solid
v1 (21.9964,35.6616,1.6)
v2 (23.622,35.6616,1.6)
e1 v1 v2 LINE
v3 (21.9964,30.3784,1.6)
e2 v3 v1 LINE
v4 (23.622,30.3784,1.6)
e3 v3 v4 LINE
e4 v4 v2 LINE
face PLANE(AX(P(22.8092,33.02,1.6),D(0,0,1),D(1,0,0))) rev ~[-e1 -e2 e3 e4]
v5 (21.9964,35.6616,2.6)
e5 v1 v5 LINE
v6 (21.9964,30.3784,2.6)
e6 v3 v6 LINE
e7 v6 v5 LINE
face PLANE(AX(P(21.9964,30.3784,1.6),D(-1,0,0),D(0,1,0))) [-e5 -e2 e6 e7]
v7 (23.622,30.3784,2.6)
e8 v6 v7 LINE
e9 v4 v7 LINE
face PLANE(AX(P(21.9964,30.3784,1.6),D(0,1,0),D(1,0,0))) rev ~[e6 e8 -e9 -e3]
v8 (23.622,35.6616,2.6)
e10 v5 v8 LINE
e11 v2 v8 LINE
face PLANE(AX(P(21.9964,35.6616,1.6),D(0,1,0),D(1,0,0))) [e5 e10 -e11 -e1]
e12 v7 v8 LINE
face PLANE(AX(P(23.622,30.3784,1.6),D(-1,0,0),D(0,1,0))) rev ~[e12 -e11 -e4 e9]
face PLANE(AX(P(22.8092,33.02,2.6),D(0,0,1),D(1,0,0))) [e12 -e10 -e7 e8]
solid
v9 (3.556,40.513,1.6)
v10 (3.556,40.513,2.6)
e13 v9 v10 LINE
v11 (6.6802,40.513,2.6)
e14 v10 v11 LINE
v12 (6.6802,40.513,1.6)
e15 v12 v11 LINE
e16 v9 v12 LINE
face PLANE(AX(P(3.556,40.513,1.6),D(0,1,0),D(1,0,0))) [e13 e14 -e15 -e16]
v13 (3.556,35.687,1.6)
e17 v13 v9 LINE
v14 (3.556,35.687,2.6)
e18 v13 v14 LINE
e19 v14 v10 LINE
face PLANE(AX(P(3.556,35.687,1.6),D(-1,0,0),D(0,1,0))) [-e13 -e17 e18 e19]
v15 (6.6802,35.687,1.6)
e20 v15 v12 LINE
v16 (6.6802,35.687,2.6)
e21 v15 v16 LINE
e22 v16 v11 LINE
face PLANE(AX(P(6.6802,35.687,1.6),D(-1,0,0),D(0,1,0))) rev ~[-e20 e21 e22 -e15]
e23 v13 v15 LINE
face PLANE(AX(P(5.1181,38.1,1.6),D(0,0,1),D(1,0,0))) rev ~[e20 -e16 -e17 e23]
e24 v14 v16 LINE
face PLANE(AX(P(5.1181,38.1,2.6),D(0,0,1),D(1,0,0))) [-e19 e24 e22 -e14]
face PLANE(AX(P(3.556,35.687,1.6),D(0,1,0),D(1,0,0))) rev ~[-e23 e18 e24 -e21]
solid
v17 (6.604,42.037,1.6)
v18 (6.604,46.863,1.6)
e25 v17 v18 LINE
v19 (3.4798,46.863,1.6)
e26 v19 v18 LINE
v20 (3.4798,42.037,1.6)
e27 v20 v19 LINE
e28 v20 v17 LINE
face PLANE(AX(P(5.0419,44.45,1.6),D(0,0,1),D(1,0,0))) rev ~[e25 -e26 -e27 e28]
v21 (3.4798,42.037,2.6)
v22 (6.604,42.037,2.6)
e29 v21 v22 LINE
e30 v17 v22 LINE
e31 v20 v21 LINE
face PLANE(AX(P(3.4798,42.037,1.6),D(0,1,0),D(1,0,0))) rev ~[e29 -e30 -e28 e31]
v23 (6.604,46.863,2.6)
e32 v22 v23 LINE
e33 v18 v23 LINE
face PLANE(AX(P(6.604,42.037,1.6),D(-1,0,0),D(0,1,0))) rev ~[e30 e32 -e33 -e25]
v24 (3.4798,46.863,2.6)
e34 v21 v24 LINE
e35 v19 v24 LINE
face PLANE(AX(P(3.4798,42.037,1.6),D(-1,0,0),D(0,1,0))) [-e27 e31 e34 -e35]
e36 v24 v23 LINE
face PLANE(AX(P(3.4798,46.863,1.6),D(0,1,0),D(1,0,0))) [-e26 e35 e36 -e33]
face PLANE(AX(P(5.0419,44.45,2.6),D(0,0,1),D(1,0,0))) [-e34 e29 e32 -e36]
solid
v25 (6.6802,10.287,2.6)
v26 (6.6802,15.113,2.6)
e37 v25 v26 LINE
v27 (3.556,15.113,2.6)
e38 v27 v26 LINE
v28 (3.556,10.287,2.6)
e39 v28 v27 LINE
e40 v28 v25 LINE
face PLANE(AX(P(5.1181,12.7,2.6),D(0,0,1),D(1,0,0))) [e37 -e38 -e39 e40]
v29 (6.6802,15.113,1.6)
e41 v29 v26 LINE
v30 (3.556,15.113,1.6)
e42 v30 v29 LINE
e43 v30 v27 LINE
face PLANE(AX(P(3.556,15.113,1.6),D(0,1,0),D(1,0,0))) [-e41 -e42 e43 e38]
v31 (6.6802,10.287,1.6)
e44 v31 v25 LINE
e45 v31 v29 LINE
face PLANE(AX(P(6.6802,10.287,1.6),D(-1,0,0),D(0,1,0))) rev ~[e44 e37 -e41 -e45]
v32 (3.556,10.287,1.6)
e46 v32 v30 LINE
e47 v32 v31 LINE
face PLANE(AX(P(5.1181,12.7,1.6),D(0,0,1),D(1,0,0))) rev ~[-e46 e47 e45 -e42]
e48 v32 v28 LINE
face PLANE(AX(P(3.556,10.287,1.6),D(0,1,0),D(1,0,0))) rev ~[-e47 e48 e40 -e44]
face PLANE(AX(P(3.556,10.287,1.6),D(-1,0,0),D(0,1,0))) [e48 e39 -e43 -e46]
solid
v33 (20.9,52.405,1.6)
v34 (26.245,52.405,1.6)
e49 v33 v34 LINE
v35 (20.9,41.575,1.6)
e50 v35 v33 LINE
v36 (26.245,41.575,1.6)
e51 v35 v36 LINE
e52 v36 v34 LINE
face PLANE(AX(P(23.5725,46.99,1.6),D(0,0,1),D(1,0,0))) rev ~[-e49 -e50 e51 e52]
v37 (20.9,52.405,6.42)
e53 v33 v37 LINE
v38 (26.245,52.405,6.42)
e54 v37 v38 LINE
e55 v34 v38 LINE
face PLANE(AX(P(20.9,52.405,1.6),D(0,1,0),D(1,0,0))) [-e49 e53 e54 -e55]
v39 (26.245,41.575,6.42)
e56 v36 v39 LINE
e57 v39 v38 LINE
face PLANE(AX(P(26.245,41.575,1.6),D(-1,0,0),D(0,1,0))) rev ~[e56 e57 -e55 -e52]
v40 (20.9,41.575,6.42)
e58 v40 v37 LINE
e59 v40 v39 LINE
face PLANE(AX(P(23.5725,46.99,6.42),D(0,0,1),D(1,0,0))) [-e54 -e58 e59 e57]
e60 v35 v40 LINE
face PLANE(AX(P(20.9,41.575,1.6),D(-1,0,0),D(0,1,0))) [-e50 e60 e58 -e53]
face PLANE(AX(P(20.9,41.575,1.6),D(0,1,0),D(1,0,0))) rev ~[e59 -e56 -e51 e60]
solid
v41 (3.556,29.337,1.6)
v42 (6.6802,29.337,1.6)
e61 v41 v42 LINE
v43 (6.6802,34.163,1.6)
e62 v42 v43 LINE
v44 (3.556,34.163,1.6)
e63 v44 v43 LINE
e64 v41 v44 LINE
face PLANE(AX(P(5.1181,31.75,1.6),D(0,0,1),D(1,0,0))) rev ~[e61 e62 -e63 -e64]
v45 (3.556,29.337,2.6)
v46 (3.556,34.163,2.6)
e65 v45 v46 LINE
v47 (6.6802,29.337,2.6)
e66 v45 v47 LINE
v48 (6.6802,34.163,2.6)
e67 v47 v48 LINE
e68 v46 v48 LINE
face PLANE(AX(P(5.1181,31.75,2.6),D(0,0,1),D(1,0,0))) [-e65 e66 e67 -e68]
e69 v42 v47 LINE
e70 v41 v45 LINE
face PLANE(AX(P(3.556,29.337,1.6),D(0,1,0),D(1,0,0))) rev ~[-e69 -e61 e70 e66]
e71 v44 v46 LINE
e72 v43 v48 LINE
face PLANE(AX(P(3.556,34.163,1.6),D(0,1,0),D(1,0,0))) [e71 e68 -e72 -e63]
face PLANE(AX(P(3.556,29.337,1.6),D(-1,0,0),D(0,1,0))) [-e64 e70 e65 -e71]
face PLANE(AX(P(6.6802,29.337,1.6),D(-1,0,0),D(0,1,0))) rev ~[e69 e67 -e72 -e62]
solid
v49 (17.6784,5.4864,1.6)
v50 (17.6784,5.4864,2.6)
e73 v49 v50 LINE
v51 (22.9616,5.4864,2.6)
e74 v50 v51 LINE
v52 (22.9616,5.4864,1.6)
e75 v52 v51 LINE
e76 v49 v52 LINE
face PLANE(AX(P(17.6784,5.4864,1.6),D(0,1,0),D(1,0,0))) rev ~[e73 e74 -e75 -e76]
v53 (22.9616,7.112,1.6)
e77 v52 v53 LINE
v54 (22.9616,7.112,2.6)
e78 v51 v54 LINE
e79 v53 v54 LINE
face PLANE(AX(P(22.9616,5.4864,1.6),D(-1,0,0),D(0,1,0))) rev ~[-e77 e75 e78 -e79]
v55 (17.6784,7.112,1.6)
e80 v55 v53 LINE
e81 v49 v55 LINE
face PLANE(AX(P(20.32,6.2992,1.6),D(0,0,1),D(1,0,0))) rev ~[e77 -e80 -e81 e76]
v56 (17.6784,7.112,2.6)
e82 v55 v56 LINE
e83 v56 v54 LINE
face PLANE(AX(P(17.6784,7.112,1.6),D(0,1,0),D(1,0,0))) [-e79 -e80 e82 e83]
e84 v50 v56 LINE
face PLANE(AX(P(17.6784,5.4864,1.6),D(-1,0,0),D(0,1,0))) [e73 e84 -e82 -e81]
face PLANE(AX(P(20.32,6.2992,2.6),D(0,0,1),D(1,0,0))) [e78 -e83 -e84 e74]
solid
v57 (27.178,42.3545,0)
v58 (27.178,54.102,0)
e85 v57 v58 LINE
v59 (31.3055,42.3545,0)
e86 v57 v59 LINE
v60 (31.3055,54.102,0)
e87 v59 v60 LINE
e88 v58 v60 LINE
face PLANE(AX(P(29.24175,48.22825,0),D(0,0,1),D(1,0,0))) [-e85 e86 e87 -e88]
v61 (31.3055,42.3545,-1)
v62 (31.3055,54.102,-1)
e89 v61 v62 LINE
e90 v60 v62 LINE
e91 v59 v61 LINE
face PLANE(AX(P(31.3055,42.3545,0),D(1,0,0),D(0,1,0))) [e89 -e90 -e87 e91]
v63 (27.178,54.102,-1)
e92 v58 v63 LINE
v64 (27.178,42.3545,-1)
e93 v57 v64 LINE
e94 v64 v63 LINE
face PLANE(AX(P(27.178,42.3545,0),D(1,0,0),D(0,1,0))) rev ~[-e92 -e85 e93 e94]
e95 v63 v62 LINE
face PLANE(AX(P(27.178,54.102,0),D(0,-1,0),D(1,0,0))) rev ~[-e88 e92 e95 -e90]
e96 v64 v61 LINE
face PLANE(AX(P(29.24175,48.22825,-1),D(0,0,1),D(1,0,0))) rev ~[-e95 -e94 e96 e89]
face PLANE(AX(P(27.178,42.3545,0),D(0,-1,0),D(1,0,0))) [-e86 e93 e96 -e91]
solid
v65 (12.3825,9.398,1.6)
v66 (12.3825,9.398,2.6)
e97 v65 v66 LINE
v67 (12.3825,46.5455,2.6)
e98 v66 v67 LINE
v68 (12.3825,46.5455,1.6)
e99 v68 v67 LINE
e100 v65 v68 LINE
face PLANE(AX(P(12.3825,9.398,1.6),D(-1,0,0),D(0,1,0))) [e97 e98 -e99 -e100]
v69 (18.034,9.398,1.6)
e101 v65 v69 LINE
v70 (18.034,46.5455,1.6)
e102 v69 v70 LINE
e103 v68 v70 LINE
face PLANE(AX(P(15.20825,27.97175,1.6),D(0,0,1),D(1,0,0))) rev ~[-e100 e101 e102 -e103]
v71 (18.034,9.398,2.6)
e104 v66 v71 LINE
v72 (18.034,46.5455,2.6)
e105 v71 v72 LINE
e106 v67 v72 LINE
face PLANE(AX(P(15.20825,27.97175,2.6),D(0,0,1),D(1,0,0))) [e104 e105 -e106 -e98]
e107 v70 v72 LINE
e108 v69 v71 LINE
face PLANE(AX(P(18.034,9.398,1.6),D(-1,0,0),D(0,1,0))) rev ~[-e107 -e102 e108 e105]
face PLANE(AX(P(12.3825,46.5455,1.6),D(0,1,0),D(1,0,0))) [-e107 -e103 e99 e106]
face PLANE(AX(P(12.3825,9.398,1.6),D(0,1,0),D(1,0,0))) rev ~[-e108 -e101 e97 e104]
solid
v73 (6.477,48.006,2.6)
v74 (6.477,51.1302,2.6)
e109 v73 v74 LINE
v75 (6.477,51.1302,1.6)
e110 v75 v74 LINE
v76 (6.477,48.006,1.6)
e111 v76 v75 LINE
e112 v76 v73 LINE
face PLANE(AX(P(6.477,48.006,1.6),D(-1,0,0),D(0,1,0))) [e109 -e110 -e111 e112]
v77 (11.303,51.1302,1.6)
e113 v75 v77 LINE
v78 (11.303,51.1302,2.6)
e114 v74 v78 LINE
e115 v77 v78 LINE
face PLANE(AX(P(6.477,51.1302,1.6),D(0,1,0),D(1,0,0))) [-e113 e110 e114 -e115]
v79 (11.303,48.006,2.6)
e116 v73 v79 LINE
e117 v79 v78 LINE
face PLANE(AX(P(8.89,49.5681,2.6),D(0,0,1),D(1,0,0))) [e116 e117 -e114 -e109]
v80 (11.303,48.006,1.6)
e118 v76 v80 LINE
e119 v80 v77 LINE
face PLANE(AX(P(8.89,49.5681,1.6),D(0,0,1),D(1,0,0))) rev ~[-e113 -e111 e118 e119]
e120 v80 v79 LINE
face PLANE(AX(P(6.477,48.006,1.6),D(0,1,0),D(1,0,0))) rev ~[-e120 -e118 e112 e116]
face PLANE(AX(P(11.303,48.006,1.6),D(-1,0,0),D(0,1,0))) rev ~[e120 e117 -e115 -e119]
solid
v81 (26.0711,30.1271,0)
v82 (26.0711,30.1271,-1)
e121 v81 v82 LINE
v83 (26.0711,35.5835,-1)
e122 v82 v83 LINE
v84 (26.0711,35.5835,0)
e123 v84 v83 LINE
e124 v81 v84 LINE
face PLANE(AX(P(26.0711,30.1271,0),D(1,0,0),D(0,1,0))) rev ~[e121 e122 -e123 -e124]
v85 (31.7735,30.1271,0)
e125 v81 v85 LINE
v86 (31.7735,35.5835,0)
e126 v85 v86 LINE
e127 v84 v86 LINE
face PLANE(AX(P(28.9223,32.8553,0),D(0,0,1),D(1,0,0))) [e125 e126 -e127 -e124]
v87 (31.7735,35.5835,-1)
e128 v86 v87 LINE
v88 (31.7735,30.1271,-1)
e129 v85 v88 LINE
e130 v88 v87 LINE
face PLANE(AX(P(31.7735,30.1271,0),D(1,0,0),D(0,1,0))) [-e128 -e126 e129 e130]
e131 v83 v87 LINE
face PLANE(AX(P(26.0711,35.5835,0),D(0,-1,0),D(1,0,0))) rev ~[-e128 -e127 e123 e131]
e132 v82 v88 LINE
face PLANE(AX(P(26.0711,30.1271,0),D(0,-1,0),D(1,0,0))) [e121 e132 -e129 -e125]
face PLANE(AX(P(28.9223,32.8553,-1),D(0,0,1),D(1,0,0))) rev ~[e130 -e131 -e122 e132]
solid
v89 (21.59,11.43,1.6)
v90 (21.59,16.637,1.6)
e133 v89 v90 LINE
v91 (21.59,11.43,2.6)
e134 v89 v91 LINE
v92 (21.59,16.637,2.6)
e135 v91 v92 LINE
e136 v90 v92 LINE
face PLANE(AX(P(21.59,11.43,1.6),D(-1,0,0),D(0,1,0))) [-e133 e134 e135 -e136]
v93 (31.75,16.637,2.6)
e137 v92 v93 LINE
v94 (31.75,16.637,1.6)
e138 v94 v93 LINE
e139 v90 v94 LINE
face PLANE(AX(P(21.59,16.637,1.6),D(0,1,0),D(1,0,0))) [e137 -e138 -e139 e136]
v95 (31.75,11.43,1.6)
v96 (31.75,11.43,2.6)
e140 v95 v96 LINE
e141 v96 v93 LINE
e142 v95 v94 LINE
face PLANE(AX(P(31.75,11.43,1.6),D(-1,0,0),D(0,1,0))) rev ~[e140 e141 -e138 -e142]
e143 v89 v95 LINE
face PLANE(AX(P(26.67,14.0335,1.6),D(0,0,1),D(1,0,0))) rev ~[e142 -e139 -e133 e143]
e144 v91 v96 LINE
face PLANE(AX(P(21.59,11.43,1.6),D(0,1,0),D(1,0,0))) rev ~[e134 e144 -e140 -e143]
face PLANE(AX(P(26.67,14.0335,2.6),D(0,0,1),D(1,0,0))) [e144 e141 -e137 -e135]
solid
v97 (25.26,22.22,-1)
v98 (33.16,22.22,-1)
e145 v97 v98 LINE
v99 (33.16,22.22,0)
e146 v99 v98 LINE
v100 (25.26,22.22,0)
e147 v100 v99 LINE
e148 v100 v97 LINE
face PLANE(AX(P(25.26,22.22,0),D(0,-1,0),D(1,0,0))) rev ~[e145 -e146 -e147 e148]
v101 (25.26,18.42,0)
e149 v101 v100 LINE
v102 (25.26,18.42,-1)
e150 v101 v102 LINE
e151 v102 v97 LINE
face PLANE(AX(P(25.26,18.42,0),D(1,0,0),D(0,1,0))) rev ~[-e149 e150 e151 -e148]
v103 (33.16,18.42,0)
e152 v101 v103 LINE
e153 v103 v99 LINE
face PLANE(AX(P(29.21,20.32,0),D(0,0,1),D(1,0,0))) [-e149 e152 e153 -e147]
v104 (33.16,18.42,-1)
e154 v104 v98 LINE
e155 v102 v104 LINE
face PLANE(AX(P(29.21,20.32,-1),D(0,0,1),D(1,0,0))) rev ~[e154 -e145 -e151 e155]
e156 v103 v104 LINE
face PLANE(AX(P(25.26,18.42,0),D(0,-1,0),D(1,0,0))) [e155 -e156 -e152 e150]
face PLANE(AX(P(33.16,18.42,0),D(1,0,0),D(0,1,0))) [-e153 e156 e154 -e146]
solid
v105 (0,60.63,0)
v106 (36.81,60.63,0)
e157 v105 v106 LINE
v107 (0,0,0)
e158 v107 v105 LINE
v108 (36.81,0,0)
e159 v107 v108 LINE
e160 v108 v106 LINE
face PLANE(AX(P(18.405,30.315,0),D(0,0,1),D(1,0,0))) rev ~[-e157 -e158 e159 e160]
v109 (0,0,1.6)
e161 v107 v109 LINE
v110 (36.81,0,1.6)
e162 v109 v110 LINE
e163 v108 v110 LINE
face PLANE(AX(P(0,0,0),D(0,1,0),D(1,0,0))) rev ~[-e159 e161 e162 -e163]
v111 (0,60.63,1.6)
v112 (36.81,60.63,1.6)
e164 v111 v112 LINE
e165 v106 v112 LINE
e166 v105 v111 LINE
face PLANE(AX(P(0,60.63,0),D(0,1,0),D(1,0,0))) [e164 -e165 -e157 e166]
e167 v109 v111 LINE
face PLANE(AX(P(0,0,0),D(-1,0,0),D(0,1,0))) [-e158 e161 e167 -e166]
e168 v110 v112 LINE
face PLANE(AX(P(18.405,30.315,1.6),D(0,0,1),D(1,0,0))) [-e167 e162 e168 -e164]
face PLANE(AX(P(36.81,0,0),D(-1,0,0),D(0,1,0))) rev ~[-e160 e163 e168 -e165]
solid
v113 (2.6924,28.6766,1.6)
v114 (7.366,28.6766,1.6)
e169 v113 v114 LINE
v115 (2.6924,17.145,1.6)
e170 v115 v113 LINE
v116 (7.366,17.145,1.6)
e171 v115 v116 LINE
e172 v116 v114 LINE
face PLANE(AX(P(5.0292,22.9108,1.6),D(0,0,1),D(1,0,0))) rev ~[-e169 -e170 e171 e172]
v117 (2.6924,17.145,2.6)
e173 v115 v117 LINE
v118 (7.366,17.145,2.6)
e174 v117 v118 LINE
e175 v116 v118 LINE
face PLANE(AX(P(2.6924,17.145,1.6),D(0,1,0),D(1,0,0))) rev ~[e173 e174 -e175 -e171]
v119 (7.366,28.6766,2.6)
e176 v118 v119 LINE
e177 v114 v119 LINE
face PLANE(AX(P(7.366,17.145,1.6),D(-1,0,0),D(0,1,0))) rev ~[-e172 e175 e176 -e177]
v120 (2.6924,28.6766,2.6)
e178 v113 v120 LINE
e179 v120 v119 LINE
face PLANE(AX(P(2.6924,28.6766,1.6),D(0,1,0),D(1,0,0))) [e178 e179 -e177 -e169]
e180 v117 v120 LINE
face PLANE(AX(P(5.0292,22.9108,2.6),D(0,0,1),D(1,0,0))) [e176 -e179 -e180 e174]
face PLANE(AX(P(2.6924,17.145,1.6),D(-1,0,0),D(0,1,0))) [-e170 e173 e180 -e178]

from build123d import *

# Parameters (mm, degrees)
SKETCH1_W                              = 36.81
SKETCH1_H                              = 60.63
BOARD_DEPTH                            = 1.6
SKETCH2_W                              = 7.9
SKETCH2_H                              = 3.8
TACT_PANA_EVQ_1_DEPTH                  = 1
SKETCH3_W                              = 4.826
SKETCH3_H                              = 3.1242
C025_030X050_1_DEPTH                   = 1
SKETCH4_W                              = 3.1242
SKETCH4_H                              = 4.826
C025_030X050_2_DEPTH                   = 1
SKETCH5_W                              = 3.1242
SKETCH5_H                              = 4.826
C025_030X050_3_DEPTH                   = 1
SKETCH6_W                              = 3.1242
SKETCH6_H                              = 4.826
C025_030X050_4_DEPTH                   = 1
SKETCH7_W                              = 3.1242
SKETCH7_H                              = 4.826
C025_030X050_5_DEPTH                   = 1
SKETCH8_W                              = 10.16
SKETCH8_H                              = 5.207
AB9V_1_DEPTH                           = 1
SKETCH9_W                              = 5.6515
SKETCH9_H                              = 37.1475
DIL28_1_DEPTH                          = 1
SKETCH10_W                             = 5.7024
SKETCH10_H                             = 5.4564
RGBLED5050_1_DEPTH                     = 1
SKETCH11_W                             = 5.345
SKETCH11_H                             = 10.83
TO254P482X997X1968_3P_4_820000_1_DEPTH = 4.82
SKETCH12_W                             = 1.6256
SKETCH12_H                             = 5.2832
AXIAL_0_3_1_DEPTH                      = 1
SKETCH13_W                             = 5.2832
SKETCH13_H                             = 1.6256
AXIAL_0_3_2_DEPTH                      = 1
SKETCH14_W                             = 4.1275
SKETCH14_H                             = 11.7475
EG1218_1_DEPTH                         = 1
SKETCH15_W                             = 4.6736
SKETCH15_H                             = 11.5316
HC49US_1_DEPTH                         = 1


with BuildPart() as part:
    # Sketch1 → BOARD (new body)
    with BuildSketch(Plane.XY):
        with Locations((18.405, 30.315)):
            Rectangle(SKETCH1_W, SKETCH1_H)
    extrude(amount=BOARD_DEPTH)


with BuildPart() as body_2:
    # Sketch2 → TACT_PANA-EVQ-1 (new body)
    with BuildSketch(Plane.XY):
        with Locations((29.21, 20.32)):
            Rectangle(SKETCH2_W, SKETCH2_H)
    extrude(amount=-TACT_PANA_EVQ_1_DEPTH)


with BuildPart() as body_3:
    # Sketch3 → C025-030X050-1 (new body)
    with BuildSketch(Plane.XY.offset(1.6)):
        with Locations((8.89, 49.5681)):
            Rectangle(SKETCH3_W, SKETCH3_H)
    extrude(amount=C025_030X050_1_DEPTH)


with BuildPart() as body_4:
    # Sketch4 → C025-030X050-2 (new body)
    with BuildSketch(Plane.XY.offset(1.6)):
        with Locations((5.0419, 44.45)):
            Rectangle(SKETCH4_W, SKETCH4_H)
    extrude(amount=C025_030X050_2_DEPTH)


with BuildPart() as body_5:
    # Sketch5 → C025-030X050-3 (new body)
    with BuildSketch(Plane.XY.offset(1.6)):
        with Locations((5.1181, 38.1)):
            Rectangle(SKETCH5_W, SKETCH5_H)
    extrude(amount=C025_030X050_3_DEPTH)


with BuildPart() as body_6:
    # Sketch6 → C025-030X050-4 (new body)
    with BuildSketch(Plane.XY.offset(1.6)):
        with Locations((5.1181, 31.75)):
            Rectangle(SKETCH6_W, SKETCH6_H)
    extrude(amount=C025_030X050_4_DEPTH)


with BuildPart() as body_7:
    # Sketch7 → C025-030X050-5 (new body)
    with BuildSketch(Plane.XY.offset(1.6)):
        with Locations((5.1181, 12.7)):
            Rectangle(SKETCH7_W, SKETCH7_H)
    extrude(amount=C025_030X050_5_DEPTH)


with BuildPart() as body_8:
    # Sketch8 → AB9V-1 (new body)
    with BuildSketch(Plane.XY.offset(1.6)):
        with Locations((26.67, 14.0335)):
            Rectangle(SKETCH8_W, SKETCH8_H)
    extrude(amount=AB9V_1_DEPTH)


with BuildPart() as body_9:
    # Sketch9 → DIL28-1 (new body)
    with BuildSketch(Plane.XY.offset(1.6)):
        with Locations((15.20825, 27.97175)):
            Rectangle(SKETCH9_W, SKETCH9_H)
    extrude(amount=DIL28_1_DEPTH)


with BuildPart() as body_10:
    # Sketch10 → RGBLED5050-1 (new body)
    with BuildSketch(Plane.XY):
        with Locations((28.9223, 32.8553)):
            Rectangle(SKETCH10_W, SKETCH10_H)
    extrude(amount=-RGBLED5050_1_DEPTH)


with BuildPart() as body_11:
    # Sketch11 → TO254P482X997X1968-3P_4.820000-1 (new body)
    with BuildSketch(Plane.XY.offset(1.6)):
        with Locations((23.5725, 46.99)):
            Rectangle(SKETCH11_W, SKETCH11_H)
    extrude(amount=TO254P482X997X1968_3P_4_820000_1_DEPTH)


with BuildPart() as body_12:
    # Sketch12 → AXIAL-0_3-1 (new body)
    with BuildSketch(Plane.XY.offset(1.6)):
        with Locations((22.8092, 33.02)):
            Rectangle(SKETCH12_W, SKETCH12_H)
    extrude(amount=AXIAL_0_3_1_DEPTH)


with BuildPart() as body_13:
    # Sketch13 → AXIAL-0_3-2 (new body)
    with BuildSketch(Plane.XY.offset(1.6)):
        with Locations((20.32, 6.2992)):
            Rectangle(SKETCH13_W, SKETCH13_H)
    extrude(amount=AXIAL_0_3_2_DEPTH)


with BuildPart() as body_14:
    # Sketch14 → EG1218-1 (new body)
    with BuildSketch(Plane.XY):
        with Locations((29.24175, 48.22825)):
            Rectangle(SKETCH14_W, SKETCH14_H)
    extrude(amount=-EG1218_1_DEPTH)


with BuildPart() as body_15:
    # Sketch15 → HC49US-1 (new body)
    with BuildSketch(Plane.XY.offset(1.6)):
        with Locations((5.0292, 22.9108)):
            Rectangle(SKETCH15_W, SKETCH15_H)
    extrude(amount=HC49US_1_DEPTH)


solid = Compound([part.part, body_2.part, body_3.part, body_4.part, body_5.part, body_6.part, body_7.part, body_8.part, body_9.part, body_10.part, body_11.part, body_12.part, body_13.part, body_14.part, body_15.part])
